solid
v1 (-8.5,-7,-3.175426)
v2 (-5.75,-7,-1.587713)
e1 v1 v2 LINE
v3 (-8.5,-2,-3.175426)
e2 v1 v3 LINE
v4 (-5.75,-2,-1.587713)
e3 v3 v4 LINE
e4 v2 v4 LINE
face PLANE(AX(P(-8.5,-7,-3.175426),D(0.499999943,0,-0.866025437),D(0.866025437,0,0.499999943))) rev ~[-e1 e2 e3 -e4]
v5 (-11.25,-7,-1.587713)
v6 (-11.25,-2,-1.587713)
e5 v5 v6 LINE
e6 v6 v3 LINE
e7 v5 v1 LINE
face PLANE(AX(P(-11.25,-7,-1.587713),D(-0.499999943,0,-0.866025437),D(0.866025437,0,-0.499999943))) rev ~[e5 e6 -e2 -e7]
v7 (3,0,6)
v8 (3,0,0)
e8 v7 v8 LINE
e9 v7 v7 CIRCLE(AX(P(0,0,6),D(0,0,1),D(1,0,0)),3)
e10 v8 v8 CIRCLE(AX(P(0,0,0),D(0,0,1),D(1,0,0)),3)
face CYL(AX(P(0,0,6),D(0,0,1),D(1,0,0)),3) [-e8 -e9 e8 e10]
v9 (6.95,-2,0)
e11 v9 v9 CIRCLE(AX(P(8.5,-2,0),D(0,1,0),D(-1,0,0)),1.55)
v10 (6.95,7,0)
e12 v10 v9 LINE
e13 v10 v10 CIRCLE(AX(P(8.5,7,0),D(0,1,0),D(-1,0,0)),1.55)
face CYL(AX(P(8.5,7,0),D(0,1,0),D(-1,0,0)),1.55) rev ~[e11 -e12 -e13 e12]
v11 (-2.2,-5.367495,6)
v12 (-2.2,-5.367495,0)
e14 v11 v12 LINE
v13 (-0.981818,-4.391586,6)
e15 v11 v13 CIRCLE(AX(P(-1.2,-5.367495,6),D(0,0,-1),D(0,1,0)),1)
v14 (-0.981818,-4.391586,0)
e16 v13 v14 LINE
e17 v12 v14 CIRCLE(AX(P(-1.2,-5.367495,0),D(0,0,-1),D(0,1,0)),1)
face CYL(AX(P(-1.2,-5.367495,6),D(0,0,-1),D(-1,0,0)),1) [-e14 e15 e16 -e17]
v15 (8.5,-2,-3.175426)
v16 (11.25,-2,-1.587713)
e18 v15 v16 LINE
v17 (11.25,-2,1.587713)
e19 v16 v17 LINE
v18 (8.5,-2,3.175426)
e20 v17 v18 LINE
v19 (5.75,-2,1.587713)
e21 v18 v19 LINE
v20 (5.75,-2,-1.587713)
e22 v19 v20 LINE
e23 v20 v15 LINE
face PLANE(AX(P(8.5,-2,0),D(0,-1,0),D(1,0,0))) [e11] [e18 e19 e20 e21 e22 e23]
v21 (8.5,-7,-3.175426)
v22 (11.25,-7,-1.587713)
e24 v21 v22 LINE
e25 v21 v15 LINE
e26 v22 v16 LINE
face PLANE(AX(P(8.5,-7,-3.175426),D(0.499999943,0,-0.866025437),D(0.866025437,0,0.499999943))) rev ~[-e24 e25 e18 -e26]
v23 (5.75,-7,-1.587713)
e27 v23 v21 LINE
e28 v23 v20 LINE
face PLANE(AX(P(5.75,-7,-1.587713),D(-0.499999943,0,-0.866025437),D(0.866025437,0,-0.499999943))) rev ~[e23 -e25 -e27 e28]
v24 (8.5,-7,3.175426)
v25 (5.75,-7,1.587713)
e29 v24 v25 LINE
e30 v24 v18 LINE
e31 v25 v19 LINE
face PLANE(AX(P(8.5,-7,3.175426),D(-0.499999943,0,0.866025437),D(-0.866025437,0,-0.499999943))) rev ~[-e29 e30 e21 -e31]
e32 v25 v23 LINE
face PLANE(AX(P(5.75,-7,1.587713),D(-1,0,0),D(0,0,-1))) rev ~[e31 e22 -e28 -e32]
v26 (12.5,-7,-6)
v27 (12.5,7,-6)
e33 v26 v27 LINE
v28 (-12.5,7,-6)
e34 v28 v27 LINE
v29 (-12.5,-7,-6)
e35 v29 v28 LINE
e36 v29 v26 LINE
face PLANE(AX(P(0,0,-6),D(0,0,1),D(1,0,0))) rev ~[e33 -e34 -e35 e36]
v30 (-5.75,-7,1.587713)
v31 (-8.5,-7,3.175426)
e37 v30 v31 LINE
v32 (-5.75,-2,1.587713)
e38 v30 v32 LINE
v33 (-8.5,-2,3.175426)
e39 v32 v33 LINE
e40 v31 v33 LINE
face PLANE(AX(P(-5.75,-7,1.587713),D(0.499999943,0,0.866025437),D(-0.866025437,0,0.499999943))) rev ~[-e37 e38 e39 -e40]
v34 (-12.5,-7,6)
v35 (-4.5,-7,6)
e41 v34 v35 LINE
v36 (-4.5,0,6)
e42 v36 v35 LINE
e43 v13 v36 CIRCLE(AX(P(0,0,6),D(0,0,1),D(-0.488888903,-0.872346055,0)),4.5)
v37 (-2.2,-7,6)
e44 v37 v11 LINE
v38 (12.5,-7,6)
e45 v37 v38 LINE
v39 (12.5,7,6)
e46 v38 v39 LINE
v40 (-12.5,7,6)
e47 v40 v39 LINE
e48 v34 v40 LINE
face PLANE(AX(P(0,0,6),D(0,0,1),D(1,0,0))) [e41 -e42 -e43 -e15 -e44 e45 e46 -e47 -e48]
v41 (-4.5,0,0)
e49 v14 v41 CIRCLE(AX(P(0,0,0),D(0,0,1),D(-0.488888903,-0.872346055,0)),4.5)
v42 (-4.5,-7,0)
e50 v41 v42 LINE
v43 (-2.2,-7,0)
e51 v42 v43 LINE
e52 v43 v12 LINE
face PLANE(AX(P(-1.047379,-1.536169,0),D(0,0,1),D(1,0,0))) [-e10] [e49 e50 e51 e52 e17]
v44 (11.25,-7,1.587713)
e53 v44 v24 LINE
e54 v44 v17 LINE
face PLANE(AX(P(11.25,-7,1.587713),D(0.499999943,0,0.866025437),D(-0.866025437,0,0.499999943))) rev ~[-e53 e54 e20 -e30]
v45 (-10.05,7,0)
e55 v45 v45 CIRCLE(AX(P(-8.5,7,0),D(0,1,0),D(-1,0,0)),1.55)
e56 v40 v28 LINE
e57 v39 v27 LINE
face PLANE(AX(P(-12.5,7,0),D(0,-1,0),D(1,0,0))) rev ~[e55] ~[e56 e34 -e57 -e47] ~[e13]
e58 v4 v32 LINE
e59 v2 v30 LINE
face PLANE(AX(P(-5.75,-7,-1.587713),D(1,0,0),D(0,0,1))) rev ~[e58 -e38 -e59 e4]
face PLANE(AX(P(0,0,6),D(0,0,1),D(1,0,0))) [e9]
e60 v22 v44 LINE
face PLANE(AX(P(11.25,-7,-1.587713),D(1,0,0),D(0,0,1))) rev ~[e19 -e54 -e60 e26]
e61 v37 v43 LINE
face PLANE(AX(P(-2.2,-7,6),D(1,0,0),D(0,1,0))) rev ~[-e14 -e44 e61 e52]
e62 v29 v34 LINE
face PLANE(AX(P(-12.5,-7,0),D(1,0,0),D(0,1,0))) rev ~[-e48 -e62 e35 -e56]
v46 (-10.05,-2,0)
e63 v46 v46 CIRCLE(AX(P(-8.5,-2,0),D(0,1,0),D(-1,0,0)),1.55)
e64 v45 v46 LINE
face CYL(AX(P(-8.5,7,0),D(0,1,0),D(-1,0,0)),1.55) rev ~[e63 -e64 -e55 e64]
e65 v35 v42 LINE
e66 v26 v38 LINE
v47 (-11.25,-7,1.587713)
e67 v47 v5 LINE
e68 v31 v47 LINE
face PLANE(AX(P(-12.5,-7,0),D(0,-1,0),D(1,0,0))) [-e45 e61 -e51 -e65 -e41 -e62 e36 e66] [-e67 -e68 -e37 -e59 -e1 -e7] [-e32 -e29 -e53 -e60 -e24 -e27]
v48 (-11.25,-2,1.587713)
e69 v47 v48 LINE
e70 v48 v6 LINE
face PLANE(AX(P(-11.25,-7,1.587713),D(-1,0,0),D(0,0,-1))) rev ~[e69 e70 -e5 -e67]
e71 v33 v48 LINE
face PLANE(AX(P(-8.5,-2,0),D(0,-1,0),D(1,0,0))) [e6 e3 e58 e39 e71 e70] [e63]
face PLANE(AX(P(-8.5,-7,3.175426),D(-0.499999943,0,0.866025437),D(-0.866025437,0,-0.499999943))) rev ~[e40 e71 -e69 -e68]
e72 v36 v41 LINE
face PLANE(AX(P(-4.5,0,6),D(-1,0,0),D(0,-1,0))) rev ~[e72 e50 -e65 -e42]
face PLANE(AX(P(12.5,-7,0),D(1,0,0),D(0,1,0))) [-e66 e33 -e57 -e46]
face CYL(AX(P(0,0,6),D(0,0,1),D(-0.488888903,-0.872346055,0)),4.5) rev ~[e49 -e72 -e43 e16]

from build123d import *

# Parameters (mm, degrees)
SKETCH_W        = 25
SKETCH_H        = 14
PAD_DEPTH       = 6
SKETCH001_R     = 3
POCKET_DEPTH    = 6
SKETCH002_R     = 1.55
POCKET001_DEPTH = 15
POCKET002_DEPTH = 5
FILLET_R        = 1


with BuildPart() as part:
    # Sketch → Pad (new body, symmetric)
    with BuildSketch(Plane.XY):
        Rectangle(SKETCH_W, SKETCH_H)
    extrude(amount=PAD_DEPTH, both=True)

    # Sketch001 → Pocket (cut)
    with BuildSketch(Plane.XY.offset(6)):
        with BuildLine():
            ThreePointArc((-2.2, -3.925557), (3.882654, 2.274863), (-4.5, 0))
            Line((-4.5, 0), (-4.5, -7))
            Line((-4.5, -7), (-2.2, -7))
            Line((-2.2, -7), (-2.2, -3.925557))
        make_face()
        Circle(SKETCH001_R, mode=Mode.SUBTRACT)
    extrude(amount=-POCKET_DEPTH, mode=Mode.SUBTRACT)

    # Sketch002 → Pocket001 (cut)
    with BuildSketch(Plane(origin=(0, 7, 0), x_dir=(-1, 0, 0), z_dir=(0, 1, 0))):
        with Locations((-8.5, 0)):
            Circle(SKETCH002_R)
        with Locations((8.5, 0)):
            Circle(SKETCH002_R)
    extrude(amount=-POCKET001_DEPTH, mode=Mode.SUBTRACT)

    # Sketch003 → Pocket002 (cut)
    with BuildSketch(Plane.XZ.offset(7)):
        Polygon((-5.75, -1.587713), (-5.75, 1.587713), (-8.5, 3.175426), (-11.25, 1.587713), (-11.25, -1.587713), (-8.5, -3.175426), align=None)
        Polygon((5.75, -1.587713), (8.5, -3.175426), (11.25, -1.587713), (11.25, 1.587713), (8.5, 3.175426), (5.75, 1.587713), align=None)
    extrude(amount=-POCKET002_DEPTH, mode=Mode.SUBTRACT)

    # Fillet
    fillet_edges = [part.edges().sort_by_distance(p)[0] for p in [
        (-2.2, -3.925557, 3),
    ]]
    fillet(fillet_edges, radius=FILLET_R)


solid = part.part
